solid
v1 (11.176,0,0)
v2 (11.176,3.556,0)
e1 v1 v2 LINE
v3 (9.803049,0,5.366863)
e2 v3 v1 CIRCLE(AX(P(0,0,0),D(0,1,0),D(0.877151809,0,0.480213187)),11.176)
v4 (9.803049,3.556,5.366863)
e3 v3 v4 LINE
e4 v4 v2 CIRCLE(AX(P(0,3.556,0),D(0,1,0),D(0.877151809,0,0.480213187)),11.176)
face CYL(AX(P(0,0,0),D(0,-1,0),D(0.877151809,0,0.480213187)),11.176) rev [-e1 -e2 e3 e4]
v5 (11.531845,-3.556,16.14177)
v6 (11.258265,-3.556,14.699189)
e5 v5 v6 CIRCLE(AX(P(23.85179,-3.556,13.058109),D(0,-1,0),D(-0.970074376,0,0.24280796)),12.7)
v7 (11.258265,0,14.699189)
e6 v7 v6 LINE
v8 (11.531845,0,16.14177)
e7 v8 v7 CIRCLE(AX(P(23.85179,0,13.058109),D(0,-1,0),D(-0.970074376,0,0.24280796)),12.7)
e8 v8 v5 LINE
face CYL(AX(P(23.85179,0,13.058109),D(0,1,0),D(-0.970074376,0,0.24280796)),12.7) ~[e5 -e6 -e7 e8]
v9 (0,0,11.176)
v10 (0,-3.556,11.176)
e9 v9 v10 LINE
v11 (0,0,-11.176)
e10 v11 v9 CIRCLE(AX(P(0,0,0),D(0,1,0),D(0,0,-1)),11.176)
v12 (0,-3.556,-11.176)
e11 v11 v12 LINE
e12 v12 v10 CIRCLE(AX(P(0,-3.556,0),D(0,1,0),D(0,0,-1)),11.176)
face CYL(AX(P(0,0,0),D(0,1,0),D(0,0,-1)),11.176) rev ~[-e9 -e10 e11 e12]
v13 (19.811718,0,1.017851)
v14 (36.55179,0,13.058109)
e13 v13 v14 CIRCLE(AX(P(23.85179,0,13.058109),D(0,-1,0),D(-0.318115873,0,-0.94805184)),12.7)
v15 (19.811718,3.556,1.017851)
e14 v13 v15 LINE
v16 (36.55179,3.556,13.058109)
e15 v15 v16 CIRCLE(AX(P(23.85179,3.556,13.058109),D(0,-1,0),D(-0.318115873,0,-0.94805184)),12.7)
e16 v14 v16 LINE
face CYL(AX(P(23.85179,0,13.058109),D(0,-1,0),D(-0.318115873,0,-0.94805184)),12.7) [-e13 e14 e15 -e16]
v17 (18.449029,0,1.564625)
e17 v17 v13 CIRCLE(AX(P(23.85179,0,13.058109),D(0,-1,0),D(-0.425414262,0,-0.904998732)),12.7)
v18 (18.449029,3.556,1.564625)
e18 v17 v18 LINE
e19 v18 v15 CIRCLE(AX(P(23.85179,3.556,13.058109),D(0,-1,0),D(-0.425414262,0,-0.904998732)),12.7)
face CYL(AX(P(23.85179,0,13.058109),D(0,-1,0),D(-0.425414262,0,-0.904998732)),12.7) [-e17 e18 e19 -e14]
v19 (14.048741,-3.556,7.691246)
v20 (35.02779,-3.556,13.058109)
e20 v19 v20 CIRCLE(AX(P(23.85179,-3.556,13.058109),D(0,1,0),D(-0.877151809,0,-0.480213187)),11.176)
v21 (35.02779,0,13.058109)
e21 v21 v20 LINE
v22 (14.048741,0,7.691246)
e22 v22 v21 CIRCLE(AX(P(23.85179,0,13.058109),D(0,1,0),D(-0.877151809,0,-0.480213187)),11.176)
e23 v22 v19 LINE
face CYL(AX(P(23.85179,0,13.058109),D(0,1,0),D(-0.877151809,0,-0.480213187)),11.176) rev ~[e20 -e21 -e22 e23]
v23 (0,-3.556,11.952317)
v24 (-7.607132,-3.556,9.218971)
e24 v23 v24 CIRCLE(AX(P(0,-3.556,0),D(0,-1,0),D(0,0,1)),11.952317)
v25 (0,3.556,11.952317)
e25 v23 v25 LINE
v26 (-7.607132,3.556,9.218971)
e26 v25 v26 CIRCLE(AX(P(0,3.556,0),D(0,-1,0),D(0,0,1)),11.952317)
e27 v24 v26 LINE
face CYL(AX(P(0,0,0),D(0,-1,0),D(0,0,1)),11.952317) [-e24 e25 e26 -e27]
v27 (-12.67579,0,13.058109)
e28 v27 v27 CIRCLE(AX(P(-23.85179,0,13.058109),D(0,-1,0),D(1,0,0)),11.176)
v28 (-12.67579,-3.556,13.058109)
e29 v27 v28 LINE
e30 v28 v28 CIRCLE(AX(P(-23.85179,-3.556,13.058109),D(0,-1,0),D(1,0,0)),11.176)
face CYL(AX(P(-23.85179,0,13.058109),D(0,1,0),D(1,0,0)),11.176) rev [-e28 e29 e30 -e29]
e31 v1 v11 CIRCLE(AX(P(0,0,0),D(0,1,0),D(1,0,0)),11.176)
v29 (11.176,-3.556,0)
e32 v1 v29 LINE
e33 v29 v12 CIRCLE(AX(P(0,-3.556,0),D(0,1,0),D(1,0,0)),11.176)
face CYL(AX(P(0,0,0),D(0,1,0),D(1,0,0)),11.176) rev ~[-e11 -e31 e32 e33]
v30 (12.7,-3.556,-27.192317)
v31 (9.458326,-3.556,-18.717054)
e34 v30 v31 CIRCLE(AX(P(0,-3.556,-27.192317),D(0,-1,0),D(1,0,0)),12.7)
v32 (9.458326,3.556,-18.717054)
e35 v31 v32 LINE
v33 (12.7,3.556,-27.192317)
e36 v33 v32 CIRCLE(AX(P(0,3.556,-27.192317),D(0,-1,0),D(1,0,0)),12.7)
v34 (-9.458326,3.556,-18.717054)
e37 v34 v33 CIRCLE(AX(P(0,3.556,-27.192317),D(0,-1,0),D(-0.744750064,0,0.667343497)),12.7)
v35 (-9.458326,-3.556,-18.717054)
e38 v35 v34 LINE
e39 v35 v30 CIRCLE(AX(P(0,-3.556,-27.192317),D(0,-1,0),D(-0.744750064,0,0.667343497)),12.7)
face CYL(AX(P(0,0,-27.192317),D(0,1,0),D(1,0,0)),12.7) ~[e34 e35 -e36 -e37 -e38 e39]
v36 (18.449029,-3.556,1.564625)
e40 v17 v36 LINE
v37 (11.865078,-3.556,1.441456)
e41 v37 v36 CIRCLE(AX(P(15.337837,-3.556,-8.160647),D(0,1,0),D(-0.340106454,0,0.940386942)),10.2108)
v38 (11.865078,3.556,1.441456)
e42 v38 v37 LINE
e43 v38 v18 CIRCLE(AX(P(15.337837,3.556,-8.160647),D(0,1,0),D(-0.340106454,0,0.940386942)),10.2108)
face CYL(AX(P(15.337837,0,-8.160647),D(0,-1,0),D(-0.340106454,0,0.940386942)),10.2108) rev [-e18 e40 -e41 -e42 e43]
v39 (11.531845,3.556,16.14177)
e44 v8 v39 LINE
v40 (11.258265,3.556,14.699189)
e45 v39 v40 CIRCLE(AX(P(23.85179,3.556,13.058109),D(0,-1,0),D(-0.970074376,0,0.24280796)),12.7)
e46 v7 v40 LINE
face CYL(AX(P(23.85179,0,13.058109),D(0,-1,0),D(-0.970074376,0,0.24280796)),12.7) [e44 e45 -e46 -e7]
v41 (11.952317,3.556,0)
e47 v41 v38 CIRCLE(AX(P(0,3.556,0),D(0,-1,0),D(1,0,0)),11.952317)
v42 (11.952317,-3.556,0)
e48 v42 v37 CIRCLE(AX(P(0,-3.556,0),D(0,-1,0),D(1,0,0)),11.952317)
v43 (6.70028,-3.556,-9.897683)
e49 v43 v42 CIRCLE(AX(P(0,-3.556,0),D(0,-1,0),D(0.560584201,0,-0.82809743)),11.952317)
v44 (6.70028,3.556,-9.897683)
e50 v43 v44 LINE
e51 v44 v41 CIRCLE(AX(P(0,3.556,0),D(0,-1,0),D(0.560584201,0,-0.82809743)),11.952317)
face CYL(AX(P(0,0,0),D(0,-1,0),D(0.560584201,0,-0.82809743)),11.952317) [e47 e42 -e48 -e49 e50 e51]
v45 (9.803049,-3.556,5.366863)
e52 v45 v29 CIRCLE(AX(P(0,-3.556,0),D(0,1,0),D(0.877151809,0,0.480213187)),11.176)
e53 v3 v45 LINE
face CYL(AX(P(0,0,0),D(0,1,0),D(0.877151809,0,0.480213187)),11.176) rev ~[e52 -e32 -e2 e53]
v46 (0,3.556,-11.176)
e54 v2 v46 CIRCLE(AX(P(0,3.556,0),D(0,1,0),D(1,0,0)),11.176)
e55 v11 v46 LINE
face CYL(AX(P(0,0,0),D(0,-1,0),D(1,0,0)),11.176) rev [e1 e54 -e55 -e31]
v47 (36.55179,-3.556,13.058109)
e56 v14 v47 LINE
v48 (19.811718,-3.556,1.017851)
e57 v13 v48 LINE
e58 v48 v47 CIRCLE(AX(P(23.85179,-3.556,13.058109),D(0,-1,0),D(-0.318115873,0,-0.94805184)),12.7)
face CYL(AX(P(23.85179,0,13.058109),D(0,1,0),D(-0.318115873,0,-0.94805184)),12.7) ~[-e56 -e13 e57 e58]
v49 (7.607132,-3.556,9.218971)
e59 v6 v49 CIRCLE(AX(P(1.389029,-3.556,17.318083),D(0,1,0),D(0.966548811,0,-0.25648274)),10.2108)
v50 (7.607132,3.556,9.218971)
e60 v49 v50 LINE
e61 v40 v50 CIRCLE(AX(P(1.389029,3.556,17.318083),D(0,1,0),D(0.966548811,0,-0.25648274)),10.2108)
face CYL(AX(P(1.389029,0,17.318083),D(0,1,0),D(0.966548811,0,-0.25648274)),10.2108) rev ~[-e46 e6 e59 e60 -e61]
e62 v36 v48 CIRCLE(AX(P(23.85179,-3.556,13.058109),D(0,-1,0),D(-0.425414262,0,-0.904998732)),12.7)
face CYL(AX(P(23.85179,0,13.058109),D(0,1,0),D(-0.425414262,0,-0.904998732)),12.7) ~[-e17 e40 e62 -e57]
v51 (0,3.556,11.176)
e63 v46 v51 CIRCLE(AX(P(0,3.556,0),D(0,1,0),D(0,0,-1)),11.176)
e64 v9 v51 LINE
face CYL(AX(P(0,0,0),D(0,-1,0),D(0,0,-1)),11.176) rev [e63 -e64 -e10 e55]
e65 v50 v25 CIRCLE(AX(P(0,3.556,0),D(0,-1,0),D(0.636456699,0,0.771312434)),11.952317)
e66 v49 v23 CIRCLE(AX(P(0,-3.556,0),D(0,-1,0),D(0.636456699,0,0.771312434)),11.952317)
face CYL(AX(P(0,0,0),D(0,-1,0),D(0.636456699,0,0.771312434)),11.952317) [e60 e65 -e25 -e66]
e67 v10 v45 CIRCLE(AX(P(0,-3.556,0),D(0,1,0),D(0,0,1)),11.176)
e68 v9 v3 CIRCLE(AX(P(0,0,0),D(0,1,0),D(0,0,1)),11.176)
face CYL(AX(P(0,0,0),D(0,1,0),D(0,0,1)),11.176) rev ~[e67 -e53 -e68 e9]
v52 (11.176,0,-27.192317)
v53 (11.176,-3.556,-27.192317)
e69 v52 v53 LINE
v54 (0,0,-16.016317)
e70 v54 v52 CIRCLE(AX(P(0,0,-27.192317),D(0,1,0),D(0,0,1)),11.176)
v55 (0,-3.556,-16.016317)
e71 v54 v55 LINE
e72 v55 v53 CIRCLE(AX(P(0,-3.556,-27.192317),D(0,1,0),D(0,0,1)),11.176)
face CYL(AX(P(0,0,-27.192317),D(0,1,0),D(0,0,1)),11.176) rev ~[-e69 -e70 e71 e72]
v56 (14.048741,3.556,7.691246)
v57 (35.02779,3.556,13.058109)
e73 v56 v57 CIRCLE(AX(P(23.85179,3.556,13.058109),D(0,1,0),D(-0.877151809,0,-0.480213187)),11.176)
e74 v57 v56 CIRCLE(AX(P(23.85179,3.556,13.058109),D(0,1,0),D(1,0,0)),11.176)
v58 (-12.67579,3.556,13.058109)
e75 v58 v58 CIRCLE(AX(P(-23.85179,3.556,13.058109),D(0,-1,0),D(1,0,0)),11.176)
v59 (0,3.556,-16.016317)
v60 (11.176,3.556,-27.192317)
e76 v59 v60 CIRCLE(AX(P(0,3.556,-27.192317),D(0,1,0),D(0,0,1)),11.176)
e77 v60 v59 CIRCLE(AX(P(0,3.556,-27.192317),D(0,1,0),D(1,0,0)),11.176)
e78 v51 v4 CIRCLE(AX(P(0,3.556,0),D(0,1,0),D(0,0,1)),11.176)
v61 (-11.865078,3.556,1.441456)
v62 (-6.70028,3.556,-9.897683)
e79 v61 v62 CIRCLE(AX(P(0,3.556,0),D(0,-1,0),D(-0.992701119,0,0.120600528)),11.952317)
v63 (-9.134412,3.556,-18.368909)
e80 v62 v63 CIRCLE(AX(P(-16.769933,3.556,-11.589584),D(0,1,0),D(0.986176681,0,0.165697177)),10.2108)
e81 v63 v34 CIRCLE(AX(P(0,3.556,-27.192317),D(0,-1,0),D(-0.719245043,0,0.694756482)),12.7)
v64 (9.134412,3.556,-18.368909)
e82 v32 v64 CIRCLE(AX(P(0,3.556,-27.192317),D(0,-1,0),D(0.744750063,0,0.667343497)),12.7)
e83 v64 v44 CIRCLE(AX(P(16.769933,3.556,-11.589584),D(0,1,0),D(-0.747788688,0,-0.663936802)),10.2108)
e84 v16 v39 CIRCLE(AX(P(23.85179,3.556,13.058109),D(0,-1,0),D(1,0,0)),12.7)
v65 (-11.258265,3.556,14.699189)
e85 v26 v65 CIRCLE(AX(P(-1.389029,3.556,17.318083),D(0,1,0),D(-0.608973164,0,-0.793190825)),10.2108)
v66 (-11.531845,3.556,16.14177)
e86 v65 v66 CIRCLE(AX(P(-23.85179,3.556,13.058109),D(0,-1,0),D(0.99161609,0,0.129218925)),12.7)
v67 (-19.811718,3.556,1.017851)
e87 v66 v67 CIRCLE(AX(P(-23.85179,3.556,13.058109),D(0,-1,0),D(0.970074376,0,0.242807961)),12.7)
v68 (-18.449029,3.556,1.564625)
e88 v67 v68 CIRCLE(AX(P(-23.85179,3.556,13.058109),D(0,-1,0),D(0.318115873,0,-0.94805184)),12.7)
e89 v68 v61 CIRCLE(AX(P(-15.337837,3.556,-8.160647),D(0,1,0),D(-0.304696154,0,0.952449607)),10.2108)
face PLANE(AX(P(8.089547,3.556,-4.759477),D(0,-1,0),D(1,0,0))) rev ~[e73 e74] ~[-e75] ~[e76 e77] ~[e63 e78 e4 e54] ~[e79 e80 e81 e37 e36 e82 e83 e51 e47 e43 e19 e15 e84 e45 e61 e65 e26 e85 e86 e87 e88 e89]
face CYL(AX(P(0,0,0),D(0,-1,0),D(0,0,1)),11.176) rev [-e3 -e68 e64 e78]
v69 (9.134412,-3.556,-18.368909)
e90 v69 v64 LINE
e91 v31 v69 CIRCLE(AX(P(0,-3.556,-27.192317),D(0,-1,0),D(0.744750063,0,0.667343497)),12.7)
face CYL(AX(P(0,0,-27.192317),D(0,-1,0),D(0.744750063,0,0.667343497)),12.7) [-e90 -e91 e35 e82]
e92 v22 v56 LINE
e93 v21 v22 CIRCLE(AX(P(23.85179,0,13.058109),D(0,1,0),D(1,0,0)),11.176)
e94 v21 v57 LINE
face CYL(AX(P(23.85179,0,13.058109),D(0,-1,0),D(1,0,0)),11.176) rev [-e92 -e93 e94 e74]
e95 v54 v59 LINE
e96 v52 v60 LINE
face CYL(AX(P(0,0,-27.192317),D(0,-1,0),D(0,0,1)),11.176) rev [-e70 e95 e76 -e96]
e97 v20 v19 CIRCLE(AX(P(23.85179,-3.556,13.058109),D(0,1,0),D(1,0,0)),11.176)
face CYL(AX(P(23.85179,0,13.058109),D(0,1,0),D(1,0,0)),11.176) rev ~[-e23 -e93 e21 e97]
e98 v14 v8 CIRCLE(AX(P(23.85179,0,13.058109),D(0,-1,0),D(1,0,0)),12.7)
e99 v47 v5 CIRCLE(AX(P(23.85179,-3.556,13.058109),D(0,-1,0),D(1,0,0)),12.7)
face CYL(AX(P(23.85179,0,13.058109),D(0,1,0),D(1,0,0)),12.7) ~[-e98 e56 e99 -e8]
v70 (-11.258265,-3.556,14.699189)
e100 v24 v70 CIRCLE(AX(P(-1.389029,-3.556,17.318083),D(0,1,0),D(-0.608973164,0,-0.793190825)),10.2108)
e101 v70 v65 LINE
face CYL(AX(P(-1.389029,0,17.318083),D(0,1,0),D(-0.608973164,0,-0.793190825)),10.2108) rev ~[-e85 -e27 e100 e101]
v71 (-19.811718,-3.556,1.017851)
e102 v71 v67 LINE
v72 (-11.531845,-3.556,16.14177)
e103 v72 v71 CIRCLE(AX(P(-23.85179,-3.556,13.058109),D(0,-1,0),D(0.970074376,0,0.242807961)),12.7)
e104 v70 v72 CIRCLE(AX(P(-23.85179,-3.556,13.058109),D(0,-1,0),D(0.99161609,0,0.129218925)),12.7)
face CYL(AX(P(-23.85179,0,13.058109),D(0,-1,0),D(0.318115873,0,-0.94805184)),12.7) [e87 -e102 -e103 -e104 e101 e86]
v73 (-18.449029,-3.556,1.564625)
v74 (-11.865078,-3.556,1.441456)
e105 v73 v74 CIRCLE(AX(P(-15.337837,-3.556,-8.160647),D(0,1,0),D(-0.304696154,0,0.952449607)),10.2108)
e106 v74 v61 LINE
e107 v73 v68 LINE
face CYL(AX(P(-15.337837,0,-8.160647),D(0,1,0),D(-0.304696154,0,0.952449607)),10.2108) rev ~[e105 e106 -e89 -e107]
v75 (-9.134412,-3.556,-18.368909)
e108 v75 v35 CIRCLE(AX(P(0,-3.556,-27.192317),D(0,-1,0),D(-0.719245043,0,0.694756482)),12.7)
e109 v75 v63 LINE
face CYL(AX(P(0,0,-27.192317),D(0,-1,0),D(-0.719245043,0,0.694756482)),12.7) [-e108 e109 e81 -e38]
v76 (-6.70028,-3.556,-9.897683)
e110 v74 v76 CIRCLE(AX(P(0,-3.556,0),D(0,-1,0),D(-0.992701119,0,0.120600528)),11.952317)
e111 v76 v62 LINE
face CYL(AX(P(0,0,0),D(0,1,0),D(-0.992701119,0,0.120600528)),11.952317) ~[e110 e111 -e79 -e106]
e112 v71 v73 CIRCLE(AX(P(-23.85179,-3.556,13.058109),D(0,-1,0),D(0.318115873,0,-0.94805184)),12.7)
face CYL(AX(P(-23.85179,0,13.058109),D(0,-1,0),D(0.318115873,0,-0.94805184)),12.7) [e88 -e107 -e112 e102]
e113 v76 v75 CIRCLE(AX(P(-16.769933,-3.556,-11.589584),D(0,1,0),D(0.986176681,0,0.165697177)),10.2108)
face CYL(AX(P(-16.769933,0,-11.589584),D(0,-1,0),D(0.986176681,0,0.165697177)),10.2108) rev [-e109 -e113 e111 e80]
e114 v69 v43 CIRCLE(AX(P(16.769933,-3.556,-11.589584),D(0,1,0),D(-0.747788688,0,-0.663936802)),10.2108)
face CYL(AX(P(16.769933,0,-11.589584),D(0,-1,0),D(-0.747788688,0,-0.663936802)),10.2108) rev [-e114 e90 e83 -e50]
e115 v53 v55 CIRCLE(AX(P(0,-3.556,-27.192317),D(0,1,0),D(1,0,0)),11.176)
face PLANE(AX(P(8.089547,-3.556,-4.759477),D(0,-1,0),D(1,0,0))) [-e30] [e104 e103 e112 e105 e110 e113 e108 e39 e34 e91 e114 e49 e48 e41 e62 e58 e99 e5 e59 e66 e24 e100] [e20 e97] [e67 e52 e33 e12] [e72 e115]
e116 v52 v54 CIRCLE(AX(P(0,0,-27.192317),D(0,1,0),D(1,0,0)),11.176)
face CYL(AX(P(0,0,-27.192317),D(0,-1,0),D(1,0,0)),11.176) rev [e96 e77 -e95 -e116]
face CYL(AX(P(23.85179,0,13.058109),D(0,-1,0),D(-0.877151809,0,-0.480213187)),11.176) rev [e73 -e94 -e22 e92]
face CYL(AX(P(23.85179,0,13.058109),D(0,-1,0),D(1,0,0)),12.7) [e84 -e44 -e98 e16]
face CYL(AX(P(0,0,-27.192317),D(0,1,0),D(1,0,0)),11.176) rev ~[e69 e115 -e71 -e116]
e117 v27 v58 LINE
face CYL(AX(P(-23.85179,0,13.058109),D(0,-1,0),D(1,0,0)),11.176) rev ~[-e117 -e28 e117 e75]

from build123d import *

# Parameters (mm, degrees)
F0_R     = 11.176
F1_DEPTH = 3.556


with BuildPart() as f1:
    # F0 (on Front) → F1 (new body, symmetric)
    with BuildSketch(Plane.XZ):
        with BuildLine():
            ThreePointArc((6.7002799246, -9.8976827694), (10.5579766794, -5.6024105266), (11.9523167324, 0))
            ThreePointArc((11.9523167324, 0), (11.9304871649, 0.7220465922), (11.8650782007, 1.4414557099))
            ThreePointArc((11.8650782007, 1.4414557099), (11.3793199415, 3.6563578792), (10.4839962384, 5.7396601071))
            Line((10.4839962384, 5.7396601071), (9.8030486125, 5.3668625751))
            ThreePointArc((9.8030486125, 5.3668625751), (10.8273230139, 2.7698469909), (11.176, 0))
            ThreePointArc((11.176, 0), (7.9026253865, -7.9026253865), (0, -11.176))
            Line((0, -11.176), (0, -11.9523167324))
            ThreePointArc((0, -11.9523167324), (3.5041144313, -11.42711938), (6.7002799246, -9.8976827694))
        make_face()
        with BuildLine():
            ThreePointArc((10.4839962384, 5.7396601071), (11.3793199415, 3.6563578792), (11.8650782007, 1.4414557099))
            ThreePointArc((11.8650782007, 1.4414557099), (15.1468517315, 2.0483664496), (18.4490286697, 1.5646251732))
            ThreePointArc((18.4490286697, 1.5646251732), (15.1517773463, 3.8060939797), (12.7119618322, 6.9594016014))
            Line((12.7119618322, 6.9594016014), (10.4839962384, 5.7396601071))
        make_face()
        with BuildLine():
            ThreePointArc((9.1344120356, -18.3689094107), (6.9562324961, -14.4094635558), (6.7002799246, -9.8976827694))
            ThreePointArc((6.7002799246, -9.8976827694), (3.5041144313, -11.42711938), (0, -11.9523167324))
            Line((0, -11.9523167324), (0, -14.4923167324))
            ThreePointArc((0, -14.4923167324), (4.9614880336, -15.5015666926), (9.1344120356, -18.3689094107))
        make_face()
        with BuildLine():
            Line((9.8030486125, 5.3668625751), (10.4839962384, 5.7396601071))
            ThreePointArc((10.4839962384, 5.7396601071), (9.2113316577, 7.6163800039), (7.6071320504, 9.2189705087))
            ThreePointArc((7.6071320504, 9.2189705087), (4.0416469295, 11.2482427681), (0, 11.9523167324))
            Line((0, 11.9523167324), (0, 11.176))
            ThreePointArc((0, 11.176), (5.6974959351, 9.6146511153), (9.8030486125, 5.3668625751))
        make_face()
        with BuildLine():
            ThreePointArc((7.6071320504, 9.2189705087), (9.2113316577, 7.6163800039), (10.4839962384, 5.7396601071))
            Line((10.4839962384, 5.7396601071), (12.7119618322, 6.9594016014))
            ThreePointArc((12.7119618322, 6.9594016014), (11.3700398508, 10.7137716013), (11.2582654612, 14.6991894196))
            ThreePointArc((11.2582654612, 14.6991894196), (9.8866064691, 11.6566691217), (7.6071320504, 9.2189705087))
        make_face()
        with BuildLine():
            ThreePointArc((19.8117182154, 1.0178507045), (19.1402143158, 1.3157636909), (18.4490286697, 1.5646251732))
            ThreePointArc((18.4490286697, 1.5646251732), (19.1224650067, 1.2715282716), (19.8117182154, 1.0178507045))
        make_face()
        with BuildLine():
            ThreePointArc((12.7119618322, 6.9594016014), (15.1517773463, 3.8060939797), (18.4490286697, 1.5646251732))
            ThreePointArc((18.4490286697, 1.5646251732), (19.1402143158, 1.3157636909), (19.8117182154, 1.0178507045))
            ThreePointArc((19.8117182154, 1.0178507045), (31.2673508338, 2.7479463892), (36.551789801, 13.0581090731))
            ThreePointArc((36.551789801, 13.0581090731), (25.4052864941, 25.6627371131), (11.5318452302, 16.1417701721))
            ThreePointArc((11.5318452302, 16.1417701721), (11.4210189836, 15.415555894), (11.2582654612, 14.6991894196))
            ThreePointArc((11.2582654612, 14.6991894196), (11.3700398508, 10.7137716013), (12.7119618322, 6.9594016014))
        make_face()
        with BuildLine():
            ThreePointArc((35.027789801, 13.0581090731), (26.6216367919, 2.2307860593), (14.0487411884, 7.691246498))
            ThreePointArc((14.0487411884, 7.691246498), (21.0819428101, 23.885432087), (35.027789801, 13.0581090731))
        make_face(mode=Mode.SUBTRACT)
        with BuildLine():
            Line((0, -14.4923167324), (0, -11.9523167324))
            ThreePointArc((0, -11.9523167324), (-3.5041144313, -11.42711938), (-6.7002799246, -9.8976827694))
            ThreePointArc((-6.7002799246, -9.8976827694), (-6.9562324961, -14.4094635558), (-9.1344120356, -18.3689094107))
            ThreePointArc((-9.1344120356, -18.3689094107), (-4.9614880336, -15.5015666926), (0, -14.4923167324))
        make_face()
        with BuildLine():
            ThreePointArc((-6.7002799246, -9.8976827694), (-3.5041144313, -11.42711938), (0, -11.9523167324))
            Line((0, -11.9523167324), (0, -11.176))
            ThreePointArc((0, -11.176), (-11.176, 0), (0, 11.176))
            Line((0, 11.176), (0, 11.9523167324))
            ThreePointArc((0, 11.9523167324), (-4.0416469295, 11.2482427681), (-7.6071320504, 9.2189705087))
            ThreePointArc((-7.6071320504, 9.2189705087), (-10.4839962384, 5.7396601071), (-11.8650782007, 1.4414557099))
            ThreePointArc((-11.8650782007, 1.4414557099), (-10.8771386837, -4.9543646745), (-6.7002799246, -9.8976827694))
        make_face()
        with BuildLine():
            ThreePointArc((9.4583258088, -18.7170543238), (9.2943419701, -18.544867742), (9.1344120356, -18.3689094107))
            ThreePointArc((9.1344120356, -18.3689094107), (4.9614880336, -15.5015666926), (0, -14.4923167324))
            ThreePointArc((0, -14.4923167324), (-4.9614880336, -15.5015666926), (-9.1344120356, -18.3689094107))
            ThreePointArc((-9.1344120356, -18.3689094107), (-9.2943419701, -18.544867742), (-9.4583258088, -18.7170543238))
            ThreePointArc((-9.4583258088, -18.7170543238), (-4.5370288862, -39.0542461238), (12.7, -27.1923167324))
            ThreePointArc((12.7, -27.1923167324), (11.8619293914, -22.6552878462), (9.4583258088, -18.7170543238))
        make_face()
        with BuildLine():
            ThreePointArc((11.176, -27.1923167324), (-7.9026253865, -35.094942119), (0, -16.0163167324))
            ThreePointArc((0, -16.0163167324), (7.9026253865, -19.2896913459), (11.176, -27.1923167324))
        make_face(mode=Mode.SUBTRACT)
        with BuildLine():
            ThreePointArc((9.4583258088, -18.7170543238), (9.2979985135, -18.5414656967), (9.1344120356, -18.3689094107))
            ThreePointArc((9.1344120356, -18.3689094107), (9.2943419701, -18.544867742), (9.4583258088, -18.7170543238))
        make_face()
        with BuildLine():
            ThreePointArc((11.5318452302, 16.1417701721), (11.3741901482, 15.4244367985), (11.2582654612, 14.6991894196))
            ThreePointArc((11.2582654612, 14.6991894196), (11.4210189836, 15.415555894), (11.5318452302, 16.1417701721))
        make_face()
        with BuildLine():
            ThreePointArc((-18.4490286697, 1.5646251732), (-15.1468517315, 2.0483664496), (-11.8650782007, 1.4414557099))
            ThreePointArc((-11.8650782007, 1.4414557099), (-10.4839962384, 5.7396601071), (-7.6071320504, 9.2189705087))
            ThreePointArc((-7.6071320504, 9.2189705087), (-9.8866064691, 11.6566691217), (-11.2582654612, 14.6991894196))
            ThreePointArc((-11.2582654612, 14.6991894196), (-11.178436671, 13.8803745062), (-11.151789801, 13.0581090731))
            ThreePointArc((-11.151789801, 13.0581090731), (-13.1301978864, 6.2509461681), (-18.4490286697, 1.5646251732))
        make_face()
        with BuildLine():
            ThreePointArc((-9.4583258088, -18.7170543238), (-9.2943419701, -18.544867742), (-9.1344120356, -18.3689094107))
            ThreePointArc((-9.1344120356, -18.3689094107), (-9.2979985135, -18.5414656967), (-9.4583258088, -18.7170543238))
        make_face()
        with BuildLine():
            ThreePointArc((-19.8117182154, 1.0178507045), (-19.1224650067, 1.2715282716), (-18.4490286697, 1.5646251732))
            ThreePointArc((-18.4490286697, 1.5646251732), (-19.1402143158, 1.3157636909), (-19.8117182154, 1.0178507045))
        make_face()
        with BuildLine():
            ThreePointArc((-19.8117182154, 1.0178507045), (-19.1402143158, 1.3157636909), (-18.4490286697, 1.5646251732))
            ThreePointArc((-18.4490286697, 1.5646251732), (-13.1301978864, 6.2509461681), (-11.151789801, 13.0581090731))
            ThreePointArc((-11.151789801, 13.0581090731), (-11.178436671, 13.8803745062), (-11.2582654612, 14.6991894196))
            ThreePointArc((-11.2582654612, 14.6991894196), (-11.4210189836, 15.415555894), (-11.5318452302, 16.1417701721))
            ThreePointArc((-11.5318452302, 16.1417701721), (-34.9916177698, 19.1568165449), (-19.8117182154, 1.0178507045))
        make_face()
        with Locations((-23.851789801, 13.0581090731)):
            Circle(F0_R, mode=Mode.SUBTRACT)
        with BuildLine():
            ThreePointArc((-11.5318452302, 16.1417701721), (-11.4210189836, 15.415555894), (-11.2582654612, 14.6991894196))
            ThreePointArc((-11.2582654612, 14.6991894196), (-11.3741901482, 15.4244367985), (-11.5318452302, 16.1417701721))
        make_face()
    extrude(amount=F1_DEPTH, both=True)


solid = f1.part
